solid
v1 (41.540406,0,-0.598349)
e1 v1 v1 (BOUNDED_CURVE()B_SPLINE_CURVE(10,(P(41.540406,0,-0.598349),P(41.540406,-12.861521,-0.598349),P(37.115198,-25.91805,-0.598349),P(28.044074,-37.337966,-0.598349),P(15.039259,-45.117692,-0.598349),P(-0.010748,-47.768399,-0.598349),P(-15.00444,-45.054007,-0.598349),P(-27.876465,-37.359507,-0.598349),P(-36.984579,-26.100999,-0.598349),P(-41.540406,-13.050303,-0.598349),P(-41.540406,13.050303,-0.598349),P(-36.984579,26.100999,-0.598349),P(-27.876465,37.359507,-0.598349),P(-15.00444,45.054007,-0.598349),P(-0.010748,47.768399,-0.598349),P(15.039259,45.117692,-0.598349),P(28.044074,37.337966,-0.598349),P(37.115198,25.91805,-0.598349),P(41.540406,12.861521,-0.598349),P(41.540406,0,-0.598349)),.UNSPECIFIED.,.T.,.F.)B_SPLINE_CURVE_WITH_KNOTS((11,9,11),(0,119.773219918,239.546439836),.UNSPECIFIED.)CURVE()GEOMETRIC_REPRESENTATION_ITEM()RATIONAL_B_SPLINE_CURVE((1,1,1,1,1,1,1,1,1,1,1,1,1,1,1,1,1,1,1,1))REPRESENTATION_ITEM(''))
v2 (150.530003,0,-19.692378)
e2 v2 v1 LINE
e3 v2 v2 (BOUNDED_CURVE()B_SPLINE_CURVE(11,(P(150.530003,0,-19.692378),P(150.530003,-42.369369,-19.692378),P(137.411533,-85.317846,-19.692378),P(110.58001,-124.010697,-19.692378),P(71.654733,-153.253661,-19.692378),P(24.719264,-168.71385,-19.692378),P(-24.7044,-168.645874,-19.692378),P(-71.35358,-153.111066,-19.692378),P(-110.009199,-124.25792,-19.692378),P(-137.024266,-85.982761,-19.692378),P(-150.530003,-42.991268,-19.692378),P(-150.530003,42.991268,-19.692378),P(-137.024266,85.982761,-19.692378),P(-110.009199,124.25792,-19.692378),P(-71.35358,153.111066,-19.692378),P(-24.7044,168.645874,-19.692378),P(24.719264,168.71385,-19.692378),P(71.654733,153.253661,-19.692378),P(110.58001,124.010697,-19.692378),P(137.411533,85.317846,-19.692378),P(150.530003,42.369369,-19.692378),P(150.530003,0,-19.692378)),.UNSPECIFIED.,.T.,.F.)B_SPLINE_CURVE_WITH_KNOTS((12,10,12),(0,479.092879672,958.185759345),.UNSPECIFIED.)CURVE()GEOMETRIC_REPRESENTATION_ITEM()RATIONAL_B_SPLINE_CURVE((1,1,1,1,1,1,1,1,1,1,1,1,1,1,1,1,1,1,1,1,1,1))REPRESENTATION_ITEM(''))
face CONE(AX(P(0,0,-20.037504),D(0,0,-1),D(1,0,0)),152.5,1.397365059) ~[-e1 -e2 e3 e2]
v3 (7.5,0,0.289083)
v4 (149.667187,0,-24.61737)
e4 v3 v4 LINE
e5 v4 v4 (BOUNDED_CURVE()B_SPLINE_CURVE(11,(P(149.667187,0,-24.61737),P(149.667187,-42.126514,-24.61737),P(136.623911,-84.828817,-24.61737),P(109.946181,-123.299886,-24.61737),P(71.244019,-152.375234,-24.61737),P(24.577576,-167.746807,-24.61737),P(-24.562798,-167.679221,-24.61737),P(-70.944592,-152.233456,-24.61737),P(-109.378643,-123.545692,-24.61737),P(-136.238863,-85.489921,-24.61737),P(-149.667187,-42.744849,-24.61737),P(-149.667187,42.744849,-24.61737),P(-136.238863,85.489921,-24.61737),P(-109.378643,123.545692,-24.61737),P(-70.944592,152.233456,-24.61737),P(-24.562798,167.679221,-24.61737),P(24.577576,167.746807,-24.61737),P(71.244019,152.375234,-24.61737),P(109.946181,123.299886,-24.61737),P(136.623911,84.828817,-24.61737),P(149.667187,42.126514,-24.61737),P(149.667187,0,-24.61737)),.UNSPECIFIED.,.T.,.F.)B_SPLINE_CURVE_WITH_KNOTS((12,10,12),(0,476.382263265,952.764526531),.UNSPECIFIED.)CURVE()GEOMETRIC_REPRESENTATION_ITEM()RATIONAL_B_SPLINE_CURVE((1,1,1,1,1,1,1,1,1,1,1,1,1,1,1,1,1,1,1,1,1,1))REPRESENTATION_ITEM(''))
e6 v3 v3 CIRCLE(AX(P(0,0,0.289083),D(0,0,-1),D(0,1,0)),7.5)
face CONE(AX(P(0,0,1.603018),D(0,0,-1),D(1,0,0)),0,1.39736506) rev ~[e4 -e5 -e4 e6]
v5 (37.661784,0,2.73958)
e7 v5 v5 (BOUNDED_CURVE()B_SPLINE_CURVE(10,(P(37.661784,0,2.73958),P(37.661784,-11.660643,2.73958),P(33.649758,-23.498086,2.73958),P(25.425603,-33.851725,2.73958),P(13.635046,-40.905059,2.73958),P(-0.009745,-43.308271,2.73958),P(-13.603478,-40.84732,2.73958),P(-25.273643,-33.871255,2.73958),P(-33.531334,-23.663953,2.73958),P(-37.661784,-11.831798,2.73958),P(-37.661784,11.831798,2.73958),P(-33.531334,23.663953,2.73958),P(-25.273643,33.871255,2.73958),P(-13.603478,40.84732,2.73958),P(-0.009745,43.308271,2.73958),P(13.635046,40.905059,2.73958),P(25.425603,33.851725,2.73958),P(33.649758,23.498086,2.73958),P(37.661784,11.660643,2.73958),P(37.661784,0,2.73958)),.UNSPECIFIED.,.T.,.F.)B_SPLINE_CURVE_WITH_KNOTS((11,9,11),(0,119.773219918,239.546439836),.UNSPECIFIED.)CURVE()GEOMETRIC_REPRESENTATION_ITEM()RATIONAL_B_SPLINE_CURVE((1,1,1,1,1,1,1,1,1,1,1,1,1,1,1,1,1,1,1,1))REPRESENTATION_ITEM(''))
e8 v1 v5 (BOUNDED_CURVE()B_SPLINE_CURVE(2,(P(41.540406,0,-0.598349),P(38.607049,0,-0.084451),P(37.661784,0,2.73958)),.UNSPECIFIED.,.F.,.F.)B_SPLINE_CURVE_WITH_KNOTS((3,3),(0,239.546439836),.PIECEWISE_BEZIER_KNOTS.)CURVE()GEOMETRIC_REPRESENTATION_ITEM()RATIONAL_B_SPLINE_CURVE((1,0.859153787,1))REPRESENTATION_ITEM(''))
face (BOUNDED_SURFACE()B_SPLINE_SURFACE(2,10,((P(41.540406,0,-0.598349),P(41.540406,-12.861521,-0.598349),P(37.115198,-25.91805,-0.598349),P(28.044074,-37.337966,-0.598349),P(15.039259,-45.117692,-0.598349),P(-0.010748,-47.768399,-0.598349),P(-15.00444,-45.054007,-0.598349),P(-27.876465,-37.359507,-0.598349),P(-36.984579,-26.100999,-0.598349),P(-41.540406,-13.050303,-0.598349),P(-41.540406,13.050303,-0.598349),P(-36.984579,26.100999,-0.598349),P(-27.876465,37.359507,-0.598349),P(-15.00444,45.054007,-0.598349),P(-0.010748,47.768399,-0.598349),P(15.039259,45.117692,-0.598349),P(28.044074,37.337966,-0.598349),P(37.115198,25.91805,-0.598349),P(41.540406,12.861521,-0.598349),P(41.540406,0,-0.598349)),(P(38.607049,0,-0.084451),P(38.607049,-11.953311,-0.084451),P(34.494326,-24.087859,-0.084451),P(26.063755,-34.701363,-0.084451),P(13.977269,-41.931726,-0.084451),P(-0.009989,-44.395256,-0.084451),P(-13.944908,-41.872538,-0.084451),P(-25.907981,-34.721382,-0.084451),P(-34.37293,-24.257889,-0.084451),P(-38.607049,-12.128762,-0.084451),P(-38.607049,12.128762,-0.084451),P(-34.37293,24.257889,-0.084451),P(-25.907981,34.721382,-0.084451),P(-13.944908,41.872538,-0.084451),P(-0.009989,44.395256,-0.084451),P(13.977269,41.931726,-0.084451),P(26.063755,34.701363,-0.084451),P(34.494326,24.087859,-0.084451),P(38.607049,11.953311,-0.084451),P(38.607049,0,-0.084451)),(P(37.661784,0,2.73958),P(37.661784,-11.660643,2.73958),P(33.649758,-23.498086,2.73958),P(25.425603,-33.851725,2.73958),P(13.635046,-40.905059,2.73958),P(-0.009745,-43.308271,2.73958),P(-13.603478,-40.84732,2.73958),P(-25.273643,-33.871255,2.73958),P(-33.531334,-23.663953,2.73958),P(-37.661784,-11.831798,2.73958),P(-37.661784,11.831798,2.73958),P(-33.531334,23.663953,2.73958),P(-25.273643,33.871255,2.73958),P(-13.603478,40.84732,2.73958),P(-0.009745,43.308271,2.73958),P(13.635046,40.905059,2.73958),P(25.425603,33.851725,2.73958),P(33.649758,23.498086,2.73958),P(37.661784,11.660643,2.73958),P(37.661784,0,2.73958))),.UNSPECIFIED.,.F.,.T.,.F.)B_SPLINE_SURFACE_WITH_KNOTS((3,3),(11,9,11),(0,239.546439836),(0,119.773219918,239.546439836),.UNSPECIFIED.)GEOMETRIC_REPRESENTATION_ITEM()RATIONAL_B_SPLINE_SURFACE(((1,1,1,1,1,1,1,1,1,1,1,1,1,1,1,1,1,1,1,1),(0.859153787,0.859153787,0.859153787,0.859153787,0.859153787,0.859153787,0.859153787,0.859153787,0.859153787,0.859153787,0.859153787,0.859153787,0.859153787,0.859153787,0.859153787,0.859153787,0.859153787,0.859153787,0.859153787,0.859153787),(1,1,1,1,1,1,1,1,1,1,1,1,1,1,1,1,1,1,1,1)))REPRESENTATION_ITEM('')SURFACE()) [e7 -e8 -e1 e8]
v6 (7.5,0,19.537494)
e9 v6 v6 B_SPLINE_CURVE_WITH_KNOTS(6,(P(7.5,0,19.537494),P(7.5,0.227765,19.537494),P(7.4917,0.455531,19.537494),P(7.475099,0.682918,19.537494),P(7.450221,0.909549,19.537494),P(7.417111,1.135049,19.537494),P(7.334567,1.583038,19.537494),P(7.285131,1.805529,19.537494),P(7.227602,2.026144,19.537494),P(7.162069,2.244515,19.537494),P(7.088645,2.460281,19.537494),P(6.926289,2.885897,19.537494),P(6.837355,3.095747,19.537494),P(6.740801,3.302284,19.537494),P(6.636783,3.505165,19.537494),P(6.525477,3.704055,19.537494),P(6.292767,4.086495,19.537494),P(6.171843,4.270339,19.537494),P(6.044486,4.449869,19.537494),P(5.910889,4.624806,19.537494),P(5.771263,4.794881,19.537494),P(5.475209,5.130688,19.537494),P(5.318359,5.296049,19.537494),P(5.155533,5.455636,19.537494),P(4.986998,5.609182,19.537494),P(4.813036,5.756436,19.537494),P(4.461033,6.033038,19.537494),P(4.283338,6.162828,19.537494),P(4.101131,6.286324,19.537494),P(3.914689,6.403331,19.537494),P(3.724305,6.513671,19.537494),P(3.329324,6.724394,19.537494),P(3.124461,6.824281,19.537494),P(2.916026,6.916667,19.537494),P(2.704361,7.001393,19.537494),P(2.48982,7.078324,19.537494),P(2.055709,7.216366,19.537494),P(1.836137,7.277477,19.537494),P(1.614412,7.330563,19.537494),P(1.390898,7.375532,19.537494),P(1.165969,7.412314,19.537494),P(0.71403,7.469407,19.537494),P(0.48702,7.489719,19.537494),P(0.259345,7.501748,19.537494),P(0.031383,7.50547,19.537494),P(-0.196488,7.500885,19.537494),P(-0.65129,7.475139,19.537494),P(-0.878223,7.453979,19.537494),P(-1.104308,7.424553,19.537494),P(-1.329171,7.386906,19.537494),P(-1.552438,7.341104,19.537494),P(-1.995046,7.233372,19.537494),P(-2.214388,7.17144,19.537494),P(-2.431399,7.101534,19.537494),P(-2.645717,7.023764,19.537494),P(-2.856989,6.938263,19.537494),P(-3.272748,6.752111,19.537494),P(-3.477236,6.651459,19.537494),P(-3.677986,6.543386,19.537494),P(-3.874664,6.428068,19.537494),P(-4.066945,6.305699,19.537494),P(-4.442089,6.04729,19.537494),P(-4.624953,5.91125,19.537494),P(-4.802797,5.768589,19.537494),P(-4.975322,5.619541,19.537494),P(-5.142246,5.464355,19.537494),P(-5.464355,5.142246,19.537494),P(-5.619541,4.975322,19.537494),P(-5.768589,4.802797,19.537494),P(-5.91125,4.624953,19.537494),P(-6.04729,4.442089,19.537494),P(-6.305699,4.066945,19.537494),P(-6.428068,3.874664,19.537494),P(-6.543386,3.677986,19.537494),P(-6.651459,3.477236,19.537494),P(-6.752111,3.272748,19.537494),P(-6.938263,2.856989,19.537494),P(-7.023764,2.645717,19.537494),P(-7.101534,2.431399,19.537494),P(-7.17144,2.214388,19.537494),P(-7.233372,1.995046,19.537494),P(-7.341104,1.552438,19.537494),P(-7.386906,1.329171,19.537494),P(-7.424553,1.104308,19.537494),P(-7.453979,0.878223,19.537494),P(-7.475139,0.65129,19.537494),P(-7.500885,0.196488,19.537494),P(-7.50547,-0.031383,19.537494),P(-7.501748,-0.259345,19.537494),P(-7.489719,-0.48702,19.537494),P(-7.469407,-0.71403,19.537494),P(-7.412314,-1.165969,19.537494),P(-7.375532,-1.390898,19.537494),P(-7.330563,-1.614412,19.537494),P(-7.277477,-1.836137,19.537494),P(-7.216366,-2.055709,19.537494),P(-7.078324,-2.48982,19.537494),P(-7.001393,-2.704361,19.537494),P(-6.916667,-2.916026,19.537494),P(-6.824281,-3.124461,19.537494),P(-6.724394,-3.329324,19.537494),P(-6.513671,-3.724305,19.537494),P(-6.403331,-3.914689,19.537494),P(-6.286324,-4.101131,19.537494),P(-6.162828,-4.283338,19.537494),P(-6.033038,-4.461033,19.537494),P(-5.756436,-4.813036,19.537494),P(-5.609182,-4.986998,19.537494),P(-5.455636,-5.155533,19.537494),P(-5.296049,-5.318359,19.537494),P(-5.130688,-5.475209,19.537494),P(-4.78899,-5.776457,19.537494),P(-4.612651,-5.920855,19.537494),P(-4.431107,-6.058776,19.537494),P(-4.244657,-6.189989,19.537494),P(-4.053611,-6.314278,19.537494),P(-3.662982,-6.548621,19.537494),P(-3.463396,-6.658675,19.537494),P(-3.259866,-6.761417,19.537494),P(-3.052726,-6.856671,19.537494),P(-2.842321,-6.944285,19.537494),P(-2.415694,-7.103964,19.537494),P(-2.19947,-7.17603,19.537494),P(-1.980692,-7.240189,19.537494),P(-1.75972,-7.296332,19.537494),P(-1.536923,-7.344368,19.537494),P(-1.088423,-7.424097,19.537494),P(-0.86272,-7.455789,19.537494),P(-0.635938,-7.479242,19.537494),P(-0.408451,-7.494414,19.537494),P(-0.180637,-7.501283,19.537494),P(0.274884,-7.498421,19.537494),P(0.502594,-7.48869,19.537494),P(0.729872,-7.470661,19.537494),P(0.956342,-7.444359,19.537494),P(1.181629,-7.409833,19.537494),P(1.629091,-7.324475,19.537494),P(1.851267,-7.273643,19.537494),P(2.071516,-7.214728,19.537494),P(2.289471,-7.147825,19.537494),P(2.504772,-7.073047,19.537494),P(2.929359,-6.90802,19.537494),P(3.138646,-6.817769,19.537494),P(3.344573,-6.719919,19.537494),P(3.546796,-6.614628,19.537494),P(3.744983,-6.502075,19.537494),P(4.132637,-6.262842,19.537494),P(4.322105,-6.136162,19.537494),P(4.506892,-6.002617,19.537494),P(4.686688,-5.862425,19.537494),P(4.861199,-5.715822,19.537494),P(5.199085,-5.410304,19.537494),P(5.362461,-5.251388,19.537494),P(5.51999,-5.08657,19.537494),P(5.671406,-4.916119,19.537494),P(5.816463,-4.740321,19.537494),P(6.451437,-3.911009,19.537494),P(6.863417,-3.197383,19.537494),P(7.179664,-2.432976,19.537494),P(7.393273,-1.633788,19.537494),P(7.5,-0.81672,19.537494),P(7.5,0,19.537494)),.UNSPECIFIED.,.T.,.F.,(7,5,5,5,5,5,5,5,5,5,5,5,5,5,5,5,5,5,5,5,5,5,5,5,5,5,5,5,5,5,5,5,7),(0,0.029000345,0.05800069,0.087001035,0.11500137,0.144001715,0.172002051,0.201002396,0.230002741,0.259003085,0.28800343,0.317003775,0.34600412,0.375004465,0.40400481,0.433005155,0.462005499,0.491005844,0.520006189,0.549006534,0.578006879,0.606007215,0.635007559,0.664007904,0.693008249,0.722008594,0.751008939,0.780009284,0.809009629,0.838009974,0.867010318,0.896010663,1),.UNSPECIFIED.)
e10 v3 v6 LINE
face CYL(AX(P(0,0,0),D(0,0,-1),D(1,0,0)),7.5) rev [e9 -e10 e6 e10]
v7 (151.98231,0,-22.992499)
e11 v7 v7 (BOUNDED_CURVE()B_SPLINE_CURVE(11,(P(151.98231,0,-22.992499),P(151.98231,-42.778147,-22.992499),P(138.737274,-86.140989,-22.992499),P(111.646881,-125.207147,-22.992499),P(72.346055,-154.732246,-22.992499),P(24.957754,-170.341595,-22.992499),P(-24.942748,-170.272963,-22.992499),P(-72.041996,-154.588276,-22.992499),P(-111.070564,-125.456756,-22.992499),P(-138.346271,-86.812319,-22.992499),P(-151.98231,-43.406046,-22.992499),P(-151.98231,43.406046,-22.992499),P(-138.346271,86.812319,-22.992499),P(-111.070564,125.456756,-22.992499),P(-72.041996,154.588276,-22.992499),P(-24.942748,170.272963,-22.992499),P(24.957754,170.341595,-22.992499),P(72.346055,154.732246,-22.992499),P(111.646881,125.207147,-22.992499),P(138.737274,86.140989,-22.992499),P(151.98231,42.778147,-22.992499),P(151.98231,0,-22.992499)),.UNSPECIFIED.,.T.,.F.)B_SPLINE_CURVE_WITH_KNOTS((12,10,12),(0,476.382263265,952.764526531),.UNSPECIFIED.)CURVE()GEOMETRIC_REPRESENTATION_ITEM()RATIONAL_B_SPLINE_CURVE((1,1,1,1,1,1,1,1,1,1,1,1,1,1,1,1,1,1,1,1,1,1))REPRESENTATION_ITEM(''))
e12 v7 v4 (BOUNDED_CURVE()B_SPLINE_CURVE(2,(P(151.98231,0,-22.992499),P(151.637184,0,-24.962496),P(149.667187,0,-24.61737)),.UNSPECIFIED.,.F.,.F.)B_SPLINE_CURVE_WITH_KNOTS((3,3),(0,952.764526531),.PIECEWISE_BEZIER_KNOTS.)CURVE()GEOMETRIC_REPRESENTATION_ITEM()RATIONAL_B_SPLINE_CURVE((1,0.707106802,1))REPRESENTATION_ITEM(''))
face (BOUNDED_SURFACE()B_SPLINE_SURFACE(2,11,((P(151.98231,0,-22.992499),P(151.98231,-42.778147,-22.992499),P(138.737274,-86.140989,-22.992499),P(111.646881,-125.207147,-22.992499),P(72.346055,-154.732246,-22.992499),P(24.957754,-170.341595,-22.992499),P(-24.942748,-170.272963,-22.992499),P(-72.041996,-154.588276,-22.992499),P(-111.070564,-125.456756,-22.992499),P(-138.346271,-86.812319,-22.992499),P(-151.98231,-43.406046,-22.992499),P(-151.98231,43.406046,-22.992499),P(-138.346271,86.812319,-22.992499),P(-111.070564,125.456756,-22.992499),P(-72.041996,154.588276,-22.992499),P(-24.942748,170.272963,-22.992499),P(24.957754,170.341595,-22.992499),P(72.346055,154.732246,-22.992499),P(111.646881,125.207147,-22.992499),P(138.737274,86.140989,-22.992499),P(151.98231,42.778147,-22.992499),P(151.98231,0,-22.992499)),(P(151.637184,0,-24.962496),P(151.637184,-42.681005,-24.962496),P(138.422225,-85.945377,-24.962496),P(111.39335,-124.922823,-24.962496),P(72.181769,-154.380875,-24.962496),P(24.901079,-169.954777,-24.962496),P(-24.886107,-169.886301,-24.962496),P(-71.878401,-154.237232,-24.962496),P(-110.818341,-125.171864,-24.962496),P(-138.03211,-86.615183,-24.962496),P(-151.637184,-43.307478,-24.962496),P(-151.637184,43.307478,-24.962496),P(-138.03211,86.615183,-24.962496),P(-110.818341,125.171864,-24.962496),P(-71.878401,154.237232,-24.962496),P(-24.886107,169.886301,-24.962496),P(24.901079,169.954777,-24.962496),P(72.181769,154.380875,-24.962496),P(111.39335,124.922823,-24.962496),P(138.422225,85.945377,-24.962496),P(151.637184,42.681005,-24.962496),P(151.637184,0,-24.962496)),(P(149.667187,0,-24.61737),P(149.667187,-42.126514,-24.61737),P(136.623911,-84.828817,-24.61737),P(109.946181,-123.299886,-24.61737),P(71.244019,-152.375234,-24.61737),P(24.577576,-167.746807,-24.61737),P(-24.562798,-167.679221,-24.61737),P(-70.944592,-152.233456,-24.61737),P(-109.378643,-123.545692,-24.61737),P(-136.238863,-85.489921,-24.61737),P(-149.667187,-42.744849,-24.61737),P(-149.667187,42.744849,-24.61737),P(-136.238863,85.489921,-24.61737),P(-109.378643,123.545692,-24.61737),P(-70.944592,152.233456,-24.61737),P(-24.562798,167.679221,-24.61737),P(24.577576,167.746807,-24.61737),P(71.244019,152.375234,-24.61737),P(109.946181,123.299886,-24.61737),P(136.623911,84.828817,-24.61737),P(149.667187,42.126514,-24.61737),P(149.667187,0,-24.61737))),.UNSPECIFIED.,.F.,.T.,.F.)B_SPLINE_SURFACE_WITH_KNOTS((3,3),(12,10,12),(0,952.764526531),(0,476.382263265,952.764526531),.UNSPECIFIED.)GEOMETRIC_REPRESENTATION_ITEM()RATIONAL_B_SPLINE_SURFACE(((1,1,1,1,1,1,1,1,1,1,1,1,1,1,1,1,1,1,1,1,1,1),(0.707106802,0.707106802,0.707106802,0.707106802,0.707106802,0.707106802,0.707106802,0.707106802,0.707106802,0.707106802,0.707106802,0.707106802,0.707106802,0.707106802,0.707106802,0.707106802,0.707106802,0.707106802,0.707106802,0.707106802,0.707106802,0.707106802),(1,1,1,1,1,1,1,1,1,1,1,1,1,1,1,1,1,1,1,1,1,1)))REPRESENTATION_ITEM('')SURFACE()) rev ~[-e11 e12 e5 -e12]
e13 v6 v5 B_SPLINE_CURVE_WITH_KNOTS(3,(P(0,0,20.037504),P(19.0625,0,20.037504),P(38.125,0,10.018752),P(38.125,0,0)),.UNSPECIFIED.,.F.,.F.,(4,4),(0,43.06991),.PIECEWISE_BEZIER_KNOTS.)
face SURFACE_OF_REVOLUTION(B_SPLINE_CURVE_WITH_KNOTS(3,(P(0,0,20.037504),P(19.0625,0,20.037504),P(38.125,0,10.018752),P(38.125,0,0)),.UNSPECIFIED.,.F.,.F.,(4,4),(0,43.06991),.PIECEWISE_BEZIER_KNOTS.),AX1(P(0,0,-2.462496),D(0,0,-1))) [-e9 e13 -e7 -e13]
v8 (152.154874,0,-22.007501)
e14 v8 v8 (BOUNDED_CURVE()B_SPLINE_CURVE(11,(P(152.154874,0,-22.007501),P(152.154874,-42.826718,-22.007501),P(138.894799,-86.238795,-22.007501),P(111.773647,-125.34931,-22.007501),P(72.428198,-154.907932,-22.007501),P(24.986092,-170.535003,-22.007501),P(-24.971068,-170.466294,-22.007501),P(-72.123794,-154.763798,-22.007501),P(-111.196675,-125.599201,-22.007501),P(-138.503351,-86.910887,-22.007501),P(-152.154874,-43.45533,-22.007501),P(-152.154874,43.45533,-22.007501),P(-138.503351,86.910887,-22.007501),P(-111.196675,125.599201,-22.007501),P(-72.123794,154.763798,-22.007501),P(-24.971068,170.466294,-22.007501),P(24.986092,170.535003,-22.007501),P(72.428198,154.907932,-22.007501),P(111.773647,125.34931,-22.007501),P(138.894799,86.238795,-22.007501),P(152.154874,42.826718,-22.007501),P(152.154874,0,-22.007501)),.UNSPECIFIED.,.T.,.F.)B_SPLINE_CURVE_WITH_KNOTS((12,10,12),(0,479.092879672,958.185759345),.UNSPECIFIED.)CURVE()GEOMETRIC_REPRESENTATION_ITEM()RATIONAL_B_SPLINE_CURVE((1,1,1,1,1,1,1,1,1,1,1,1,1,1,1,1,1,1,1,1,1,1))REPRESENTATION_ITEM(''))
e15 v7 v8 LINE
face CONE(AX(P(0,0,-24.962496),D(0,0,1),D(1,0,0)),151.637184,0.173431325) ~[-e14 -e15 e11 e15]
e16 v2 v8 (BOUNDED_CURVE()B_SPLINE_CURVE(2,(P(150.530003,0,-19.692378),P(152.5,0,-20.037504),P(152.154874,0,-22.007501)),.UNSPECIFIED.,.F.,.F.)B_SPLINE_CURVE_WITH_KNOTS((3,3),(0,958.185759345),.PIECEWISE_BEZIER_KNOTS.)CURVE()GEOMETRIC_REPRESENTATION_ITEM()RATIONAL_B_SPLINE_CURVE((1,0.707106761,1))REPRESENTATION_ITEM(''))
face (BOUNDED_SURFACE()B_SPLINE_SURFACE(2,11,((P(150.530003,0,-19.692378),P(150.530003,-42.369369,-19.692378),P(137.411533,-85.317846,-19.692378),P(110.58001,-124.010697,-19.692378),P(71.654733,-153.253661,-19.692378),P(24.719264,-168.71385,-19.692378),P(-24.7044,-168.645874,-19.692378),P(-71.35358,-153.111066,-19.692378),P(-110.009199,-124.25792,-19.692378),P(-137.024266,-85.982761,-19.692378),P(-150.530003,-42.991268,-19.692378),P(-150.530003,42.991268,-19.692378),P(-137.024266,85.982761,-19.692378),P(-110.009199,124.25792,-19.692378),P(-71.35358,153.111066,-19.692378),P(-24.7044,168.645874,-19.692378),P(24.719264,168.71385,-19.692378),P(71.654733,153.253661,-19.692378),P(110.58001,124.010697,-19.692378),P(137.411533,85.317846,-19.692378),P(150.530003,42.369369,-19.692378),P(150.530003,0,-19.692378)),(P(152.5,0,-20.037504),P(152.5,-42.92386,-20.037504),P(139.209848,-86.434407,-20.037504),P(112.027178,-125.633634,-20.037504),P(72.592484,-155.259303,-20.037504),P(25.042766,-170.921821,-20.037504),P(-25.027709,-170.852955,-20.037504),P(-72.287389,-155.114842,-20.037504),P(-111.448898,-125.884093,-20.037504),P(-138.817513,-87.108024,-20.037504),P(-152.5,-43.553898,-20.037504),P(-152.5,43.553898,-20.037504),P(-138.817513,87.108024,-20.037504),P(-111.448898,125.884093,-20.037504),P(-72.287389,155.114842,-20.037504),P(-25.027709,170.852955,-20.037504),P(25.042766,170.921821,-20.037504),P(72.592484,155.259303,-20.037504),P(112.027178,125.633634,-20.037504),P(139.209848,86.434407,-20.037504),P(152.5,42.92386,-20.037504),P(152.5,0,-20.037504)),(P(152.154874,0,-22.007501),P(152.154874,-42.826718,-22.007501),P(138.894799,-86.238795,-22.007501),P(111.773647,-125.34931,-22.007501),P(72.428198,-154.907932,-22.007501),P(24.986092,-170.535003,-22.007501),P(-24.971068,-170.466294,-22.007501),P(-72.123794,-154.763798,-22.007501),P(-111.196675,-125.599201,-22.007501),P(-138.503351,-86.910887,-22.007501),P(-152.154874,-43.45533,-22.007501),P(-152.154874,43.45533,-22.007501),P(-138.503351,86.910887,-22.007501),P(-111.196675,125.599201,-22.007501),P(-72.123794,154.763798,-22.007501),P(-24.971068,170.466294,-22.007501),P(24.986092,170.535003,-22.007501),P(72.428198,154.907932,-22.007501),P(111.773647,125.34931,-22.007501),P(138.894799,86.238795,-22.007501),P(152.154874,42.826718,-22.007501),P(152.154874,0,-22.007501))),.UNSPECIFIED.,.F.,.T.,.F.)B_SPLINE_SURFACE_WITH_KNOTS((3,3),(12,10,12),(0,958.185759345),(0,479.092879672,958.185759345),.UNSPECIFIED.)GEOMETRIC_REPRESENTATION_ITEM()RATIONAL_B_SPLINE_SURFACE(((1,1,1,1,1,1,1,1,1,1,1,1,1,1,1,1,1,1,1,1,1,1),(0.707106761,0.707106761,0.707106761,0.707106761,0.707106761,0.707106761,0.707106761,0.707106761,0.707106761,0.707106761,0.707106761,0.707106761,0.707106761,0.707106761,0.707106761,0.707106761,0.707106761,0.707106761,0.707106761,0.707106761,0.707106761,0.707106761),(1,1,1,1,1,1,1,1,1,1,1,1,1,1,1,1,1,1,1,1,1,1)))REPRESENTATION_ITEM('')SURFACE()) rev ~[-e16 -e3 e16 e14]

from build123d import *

# Parameters (mm, degrees)
F2_R          = 7.5
F3_DEPTH      = 20.038504
F3_DEPTH_BACK = 24.963496
F4_R          = 2
F5_R          = 5


with BuildPart() as f1:
    # F0 (on Front) → F1 (revolve)
    with BuildSketch(Plane.XZ):
        with BuildLine():
            Line((152.5, -20.037504), (38.125, 0))
            add(Edge.make_bspline(
                [(0, 20.037504), (19.0625, 20.037504), (38.125, 10.018752), (38.125, 0)],
                knots=[0, 0, 0, 0, 43.06991, 43.06991, 43.06991, 43.06991], degree=3))
            Line((0, 20.037504), (0, 1.603018))
            Line((0, 1.603018), (151.637184, -24.962496))
            Line((151.637184, -24.962496), (152.5, -20.037504))
        make_face()
    revolve(axis=Axis((0, 0, -2.462496), (0, 0, -1)))

    # F2 (on Top) → F3 (cut, two sides)
    with BuildSketch(Plane.XY) as f3_sk:
        Circle(F2_R)
    extrude(amount=F3_DEPTH, mode=Mode.SUBTRACT)
    extrude(f3_sk.sketch, amount=-F3_DEPTH_BACK, mode=Mode.SUBTRACT)

    # F4
    f4_edges = [f1.edges().sort_by_distance(p)[0] for p in [
        (-151.637184, 0, -24.962496),
        (-152.5, 0, -20.037504),
    ]]
    fillet(f4_edges, radius=F4_R)

    # F5
    f5_edges = [f1.edges().sort_by_distance(p)[0] for p in [
        (-38.125, 0, 0),
    ]]
    fillet(f5_edges, radius=F5_R)


solid = f1.part
